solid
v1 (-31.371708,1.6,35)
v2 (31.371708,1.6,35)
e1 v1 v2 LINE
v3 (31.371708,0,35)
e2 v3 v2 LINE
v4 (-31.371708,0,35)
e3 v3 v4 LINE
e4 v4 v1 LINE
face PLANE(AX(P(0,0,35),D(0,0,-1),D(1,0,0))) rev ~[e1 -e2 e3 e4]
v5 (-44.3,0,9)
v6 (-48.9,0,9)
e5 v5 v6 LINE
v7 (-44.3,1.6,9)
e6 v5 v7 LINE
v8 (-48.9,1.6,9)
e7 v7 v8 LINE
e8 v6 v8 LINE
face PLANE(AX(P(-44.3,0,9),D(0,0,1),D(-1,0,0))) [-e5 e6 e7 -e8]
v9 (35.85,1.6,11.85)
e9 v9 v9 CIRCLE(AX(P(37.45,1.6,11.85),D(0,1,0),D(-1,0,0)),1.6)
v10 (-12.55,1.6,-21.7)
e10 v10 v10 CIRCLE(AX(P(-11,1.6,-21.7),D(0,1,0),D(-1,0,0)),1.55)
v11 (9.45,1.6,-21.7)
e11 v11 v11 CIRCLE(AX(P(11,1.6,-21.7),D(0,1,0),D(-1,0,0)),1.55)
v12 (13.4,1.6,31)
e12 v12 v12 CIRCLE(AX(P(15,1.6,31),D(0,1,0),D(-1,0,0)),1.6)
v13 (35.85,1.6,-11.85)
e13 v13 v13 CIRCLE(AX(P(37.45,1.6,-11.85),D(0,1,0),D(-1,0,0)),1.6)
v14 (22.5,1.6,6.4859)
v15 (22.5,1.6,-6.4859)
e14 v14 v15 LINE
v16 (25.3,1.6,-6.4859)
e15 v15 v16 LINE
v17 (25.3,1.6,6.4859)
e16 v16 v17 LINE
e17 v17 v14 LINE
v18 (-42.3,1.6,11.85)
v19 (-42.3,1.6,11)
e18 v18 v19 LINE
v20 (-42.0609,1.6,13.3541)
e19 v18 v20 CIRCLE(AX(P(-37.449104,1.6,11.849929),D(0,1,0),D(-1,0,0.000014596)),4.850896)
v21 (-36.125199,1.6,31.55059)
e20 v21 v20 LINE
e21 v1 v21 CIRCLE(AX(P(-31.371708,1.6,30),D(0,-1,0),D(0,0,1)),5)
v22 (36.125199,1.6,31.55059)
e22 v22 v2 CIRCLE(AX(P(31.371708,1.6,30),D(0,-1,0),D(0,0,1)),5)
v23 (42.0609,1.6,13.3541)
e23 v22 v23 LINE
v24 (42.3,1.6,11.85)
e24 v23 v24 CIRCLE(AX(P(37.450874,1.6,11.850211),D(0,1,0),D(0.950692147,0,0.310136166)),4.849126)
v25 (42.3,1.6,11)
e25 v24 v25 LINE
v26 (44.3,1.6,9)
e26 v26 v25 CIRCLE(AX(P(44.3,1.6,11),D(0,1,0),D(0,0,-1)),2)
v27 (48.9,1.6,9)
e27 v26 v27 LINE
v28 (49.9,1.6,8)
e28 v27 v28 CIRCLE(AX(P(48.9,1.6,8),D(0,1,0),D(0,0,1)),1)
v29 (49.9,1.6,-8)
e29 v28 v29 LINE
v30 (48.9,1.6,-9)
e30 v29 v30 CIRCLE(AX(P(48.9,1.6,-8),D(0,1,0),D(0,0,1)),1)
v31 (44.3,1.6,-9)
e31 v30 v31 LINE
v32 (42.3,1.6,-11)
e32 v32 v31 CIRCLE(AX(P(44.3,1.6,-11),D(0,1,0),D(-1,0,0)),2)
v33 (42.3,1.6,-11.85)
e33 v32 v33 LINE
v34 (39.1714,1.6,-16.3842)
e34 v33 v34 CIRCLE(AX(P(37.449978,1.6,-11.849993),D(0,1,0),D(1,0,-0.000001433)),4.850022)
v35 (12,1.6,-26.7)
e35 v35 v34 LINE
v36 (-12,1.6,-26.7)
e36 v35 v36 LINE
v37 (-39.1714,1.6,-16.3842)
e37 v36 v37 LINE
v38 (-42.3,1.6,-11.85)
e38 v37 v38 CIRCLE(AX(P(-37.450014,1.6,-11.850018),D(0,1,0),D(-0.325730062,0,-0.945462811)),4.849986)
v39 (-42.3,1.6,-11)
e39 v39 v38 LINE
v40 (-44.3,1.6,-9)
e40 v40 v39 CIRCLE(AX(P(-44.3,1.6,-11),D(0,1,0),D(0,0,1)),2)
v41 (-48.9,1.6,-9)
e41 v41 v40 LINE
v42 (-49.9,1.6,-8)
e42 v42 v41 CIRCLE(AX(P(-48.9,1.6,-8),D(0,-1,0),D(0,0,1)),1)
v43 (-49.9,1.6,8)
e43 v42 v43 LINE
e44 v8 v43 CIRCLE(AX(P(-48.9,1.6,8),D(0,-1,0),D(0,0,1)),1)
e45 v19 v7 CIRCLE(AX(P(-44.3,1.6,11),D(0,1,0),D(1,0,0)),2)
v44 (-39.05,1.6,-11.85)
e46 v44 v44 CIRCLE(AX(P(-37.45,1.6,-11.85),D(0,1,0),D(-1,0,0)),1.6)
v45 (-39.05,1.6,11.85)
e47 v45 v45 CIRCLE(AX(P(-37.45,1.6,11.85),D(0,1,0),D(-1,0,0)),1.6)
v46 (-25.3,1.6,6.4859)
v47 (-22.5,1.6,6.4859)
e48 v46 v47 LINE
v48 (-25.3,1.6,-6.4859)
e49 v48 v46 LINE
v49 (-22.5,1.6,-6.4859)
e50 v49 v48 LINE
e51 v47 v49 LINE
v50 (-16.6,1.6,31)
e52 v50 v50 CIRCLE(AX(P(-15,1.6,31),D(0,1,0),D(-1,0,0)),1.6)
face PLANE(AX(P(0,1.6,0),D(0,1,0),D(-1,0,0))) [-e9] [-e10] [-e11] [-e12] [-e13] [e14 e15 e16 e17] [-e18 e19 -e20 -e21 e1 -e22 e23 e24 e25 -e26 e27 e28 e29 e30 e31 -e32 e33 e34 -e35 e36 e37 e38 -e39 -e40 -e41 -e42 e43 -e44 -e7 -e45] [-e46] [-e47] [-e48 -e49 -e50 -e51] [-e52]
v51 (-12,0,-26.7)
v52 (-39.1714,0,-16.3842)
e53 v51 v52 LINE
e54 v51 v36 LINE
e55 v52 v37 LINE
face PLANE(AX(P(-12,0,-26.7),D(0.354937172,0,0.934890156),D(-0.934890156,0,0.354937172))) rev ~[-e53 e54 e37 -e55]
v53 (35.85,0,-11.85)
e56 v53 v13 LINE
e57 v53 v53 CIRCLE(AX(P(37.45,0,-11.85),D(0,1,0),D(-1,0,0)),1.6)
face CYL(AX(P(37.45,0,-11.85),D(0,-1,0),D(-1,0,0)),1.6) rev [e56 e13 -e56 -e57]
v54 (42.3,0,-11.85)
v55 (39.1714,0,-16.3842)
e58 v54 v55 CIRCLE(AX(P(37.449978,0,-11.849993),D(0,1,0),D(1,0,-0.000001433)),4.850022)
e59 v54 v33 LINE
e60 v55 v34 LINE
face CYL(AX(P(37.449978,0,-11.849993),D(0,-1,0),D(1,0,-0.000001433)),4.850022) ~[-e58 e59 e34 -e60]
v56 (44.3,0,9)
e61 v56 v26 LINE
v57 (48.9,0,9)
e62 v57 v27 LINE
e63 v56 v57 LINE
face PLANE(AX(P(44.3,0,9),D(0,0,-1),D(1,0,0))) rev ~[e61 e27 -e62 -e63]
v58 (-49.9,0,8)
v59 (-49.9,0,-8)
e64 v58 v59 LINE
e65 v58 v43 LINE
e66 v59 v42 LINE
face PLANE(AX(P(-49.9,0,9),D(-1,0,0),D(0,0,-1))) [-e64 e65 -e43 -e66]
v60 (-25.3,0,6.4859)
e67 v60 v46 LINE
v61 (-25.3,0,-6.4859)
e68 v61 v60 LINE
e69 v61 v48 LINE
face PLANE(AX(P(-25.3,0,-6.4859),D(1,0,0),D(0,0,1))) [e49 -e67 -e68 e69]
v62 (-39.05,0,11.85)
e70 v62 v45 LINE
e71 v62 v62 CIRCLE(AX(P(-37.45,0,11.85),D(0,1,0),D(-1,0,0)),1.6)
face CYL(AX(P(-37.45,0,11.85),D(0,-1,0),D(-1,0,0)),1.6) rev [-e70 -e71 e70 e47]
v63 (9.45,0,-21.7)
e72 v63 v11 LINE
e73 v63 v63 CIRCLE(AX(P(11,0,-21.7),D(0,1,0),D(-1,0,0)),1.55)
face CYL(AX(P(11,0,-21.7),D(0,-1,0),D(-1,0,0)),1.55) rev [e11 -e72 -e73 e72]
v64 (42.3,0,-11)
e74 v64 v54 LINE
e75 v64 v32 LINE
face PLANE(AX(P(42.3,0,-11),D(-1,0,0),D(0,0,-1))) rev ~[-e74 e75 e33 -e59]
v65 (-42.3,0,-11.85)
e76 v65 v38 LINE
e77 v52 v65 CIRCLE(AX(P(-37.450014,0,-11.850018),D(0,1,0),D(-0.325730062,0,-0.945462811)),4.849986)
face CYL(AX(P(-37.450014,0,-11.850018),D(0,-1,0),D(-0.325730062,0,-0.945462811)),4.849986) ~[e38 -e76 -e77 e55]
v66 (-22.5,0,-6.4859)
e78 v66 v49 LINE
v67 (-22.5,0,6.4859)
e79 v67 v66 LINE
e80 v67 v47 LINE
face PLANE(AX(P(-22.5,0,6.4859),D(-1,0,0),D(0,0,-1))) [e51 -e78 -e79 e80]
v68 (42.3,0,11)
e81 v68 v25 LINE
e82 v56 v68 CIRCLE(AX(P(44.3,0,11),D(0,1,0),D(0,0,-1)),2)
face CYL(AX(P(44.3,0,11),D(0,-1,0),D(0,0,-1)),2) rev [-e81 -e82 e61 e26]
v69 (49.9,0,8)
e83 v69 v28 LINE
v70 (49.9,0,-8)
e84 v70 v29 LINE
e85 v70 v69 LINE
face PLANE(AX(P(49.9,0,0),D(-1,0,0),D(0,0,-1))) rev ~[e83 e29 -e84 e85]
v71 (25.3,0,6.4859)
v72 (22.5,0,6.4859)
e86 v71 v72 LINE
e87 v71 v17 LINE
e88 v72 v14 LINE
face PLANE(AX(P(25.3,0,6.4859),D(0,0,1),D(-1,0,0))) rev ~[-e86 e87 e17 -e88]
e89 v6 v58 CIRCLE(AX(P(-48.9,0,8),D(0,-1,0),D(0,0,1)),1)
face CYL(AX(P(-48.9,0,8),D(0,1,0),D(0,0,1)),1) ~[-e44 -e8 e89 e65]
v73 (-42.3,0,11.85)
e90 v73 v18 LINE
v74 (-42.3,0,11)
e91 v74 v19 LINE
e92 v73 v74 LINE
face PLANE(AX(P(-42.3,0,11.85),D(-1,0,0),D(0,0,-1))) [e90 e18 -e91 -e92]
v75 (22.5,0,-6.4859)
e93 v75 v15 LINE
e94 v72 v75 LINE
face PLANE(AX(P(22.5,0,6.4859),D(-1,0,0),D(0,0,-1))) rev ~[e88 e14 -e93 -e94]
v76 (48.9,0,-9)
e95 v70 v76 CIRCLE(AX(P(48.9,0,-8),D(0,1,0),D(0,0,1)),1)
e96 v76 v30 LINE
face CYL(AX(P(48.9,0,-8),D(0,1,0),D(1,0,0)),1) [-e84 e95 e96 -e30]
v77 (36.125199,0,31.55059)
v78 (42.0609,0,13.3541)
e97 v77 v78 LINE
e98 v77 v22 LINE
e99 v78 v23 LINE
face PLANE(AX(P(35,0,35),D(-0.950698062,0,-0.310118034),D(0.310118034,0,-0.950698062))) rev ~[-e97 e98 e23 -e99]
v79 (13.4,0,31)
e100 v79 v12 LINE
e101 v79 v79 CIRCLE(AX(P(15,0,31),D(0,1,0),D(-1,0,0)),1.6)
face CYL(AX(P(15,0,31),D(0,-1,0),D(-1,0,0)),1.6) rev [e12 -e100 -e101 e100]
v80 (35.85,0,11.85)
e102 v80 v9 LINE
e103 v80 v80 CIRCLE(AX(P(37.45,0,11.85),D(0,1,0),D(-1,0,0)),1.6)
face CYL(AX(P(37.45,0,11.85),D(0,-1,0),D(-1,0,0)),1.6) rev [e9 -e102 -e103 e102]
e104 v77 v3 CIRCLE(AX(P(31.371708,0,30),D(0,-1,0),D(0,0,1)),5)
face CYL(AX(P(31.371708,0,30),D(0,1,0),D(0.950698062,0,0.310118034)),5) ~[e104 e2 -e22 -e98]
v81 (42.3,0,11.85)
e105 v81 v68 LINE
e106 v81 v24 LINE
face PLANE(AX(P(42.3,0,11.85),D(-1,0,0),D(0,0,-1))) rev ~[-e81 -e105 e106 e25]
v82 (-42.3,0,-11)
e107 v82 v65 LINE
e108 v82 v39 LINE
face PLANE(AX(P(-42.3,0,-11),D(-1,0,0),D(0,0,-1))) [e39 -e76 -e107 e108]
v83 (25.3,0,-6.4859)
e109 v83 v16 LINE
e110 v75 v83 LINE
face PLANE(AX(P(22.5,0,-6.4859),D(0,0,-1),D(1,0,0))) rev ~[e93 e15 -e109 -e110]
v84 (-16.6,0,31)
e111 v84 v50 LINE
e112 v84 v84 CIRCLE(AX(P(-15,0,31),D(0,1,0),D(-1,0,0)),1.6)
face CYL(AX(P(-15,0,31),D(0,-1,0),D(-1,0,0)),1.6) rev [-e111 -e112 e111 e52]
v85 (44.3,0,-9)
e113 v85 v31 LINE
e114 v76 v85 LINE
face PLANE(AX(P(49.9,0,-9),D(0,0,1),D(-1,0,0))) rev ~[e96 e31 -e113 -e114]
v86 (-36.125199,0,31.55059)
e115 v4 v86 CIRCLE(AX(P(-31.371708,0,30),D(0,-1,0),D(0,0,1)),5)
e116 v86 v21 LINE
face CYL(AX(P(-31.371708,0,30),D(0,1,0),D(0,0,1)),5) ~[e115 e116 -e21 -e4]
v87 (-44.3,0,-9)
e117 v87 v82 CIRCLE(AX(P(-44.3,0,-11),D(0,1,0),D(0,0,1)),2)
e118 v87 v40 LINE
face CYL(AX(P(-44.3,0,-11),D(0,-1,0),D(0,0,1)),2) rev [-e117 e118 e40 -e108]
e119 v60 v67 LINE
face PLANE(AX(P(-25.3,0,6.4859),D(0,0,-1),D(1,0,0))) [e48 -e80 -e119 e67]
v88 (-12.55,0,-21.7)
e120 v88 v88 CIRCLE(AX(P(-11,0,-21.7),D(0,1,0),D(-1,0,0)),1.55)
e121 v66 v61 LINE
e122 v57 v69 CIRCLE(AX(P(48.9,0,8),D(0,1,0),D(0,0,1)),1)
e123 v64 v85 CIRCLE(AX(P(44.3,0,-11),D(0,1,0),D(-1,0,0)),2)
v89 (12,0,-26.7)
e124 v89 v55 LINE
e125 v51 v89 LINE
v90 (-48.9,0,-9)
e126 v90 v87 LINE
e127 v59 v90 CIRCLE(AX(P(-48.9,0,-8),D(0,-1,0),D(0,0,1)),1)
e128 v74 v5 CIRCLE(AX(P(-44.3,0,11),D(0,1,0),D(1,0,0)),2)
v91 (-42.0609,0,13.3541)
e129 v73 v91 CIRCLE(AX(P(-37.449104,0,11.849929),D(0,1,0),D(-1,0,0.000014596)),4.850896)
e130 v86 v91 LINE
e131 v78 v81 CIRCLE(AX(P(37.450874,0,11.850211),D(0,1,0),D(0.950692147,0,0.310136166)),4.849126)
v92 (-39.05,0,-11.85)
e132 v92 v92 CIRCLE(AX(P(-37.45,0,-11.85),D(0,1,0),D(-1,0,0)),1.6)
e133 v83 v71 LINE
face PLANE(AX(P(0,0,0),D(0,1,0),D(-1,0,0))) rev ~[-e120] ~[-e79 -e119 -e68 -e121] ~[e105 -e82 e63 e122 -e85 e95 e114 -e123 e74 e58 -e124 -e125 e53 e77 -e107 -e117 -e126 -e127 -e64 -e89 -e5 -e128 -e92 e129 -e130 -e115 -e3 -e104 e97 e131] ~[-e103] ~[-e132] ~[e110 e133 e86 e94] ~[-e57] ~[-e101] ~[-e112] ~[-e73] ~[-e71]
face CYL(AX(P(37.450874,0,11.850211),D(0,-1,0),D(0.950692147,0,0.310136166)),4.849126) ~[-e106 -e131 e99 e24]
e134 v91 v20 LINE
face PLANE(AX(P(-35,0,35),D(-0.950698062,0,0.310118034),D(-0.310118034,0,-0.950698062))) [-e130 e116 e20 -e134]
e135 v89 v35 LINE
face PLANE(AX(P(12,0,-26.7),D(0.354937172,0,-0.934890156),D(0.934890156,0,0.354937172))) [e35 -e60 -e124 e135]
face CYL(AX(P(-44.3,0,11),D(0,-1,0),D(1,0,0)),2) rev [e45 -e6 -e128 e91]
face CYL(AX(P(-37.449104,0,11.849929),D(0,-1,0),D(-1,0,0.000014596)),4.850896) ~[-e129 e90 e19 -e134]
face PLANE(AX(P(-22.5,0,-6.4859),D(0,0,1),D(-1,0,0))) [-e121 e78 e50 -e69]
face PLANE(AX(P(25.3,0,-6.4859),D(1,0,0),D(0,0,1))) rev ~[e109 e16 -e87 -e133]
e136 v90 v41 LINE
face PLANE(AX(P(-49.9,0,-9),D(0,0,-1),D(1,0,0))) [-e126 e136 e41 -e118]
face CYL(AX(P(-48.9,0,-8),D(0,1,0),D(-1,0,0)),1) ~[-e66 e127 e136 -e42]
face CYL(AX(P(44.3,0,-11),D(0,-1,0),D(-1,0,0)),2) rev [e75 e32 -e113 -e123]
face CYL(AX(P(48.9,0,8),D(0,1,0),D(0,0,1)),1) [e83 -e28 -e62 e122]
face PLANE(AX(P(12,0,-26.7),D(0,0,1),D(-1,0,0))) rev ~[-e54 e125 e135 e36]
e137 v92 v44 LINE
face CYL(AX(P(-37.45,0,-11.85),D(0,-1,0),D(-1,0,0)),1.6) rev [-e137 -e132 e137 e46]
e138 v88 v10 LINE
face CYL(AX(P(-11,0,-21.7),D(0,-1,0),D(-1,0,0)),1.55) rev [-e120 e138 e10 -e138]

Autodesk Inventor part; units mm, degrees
ref_plane "YZ Plane" through (0, 0, 0) normal (1, 0, 0) x (0, 1, 0)
ref_plane "XZ Plane" through (0, 0, 0) normal (0, 1, 0) x (-1, 0, 0)
ref_plane "XY Plane" through (0, 0, 0) normal (0, 0, 1) x (1, 0, 0)
sketch "Szkic1" plane through (0, 0, 0) normal (0, 1, 0) x (-1, 0, 0)
  circle A0 centre (-37.45, -11.85) radius 1.6
  circle A1 centre (-11, -21.7) radius 1.55
  circle A2 centre (-15, 31) radius 1.6
  line L0 (-25.3, 6.4859) -> (-22.5, 6.4859)
  line L1 (-22.5, 6.4859) -> (-22.5, -6.4859)
  line L2 (-22.5, -6.4859) -> (-25.3, -6.4859)
  line L3 (-25.3, -6.4859) -> (-25.3, 6.4859)
  line L4 (-42.3, 11.85) -> (-42.3, 11)
  arc A3 (-44.3, 9) -> (-42.3, 11) centre (-44.3, 11) ccw
  line L5 (-44.3, 9) -> (-49.9, 9)
  line L6 (-49.9, 9) -> (-49.9, -9)
  line L7 (-49.9, -9) -> (-44.3, -9)
  arc A4 (-42.3, -11) -> (-44.3, -9) centre (-44.3, -11) ccw
  line L8 (-42.3, -11) -> (-42.3, -11.85)
  arc A5 (-42.3, -11.85) -> (-39.0298, -16.4355) centre (-37.45, -11.85) ccw
  line L9 (-12, -26.7) -> (12, -26.7)
  line L10 (35, 35) -> (-35, 35)
  line L11 (0, -26.7) -> (0, 35)
  line L12 (-49.9, 0) -> (-32, 0)
  circle A6 centre (-37.45, 11.85) radius 1.6
  arc A7 (-42.0609, 13.3541) -> (-42.3, 11.85) centre (-37.45, 11.85) ccw
  line L13 (-35, 35) -> (-42.0609, 13.3541)
  line L14 (-12, -26.7) -> (-39.1714, -16.3842)
  arc A8 (42.3, 11) -> (44.3, 9) centre (44.3, 11) ccw
  line L15 (25.3, 6.4859) -> (22.5, 6.4859)
  line L16 (44.3, 9) -> (49.9, 9)
  line L17 (22.5, 6.4859) -> (22.5, -6.4859)
  line L18 (25.3, -6.4859) -> (25.3, 6.4859)
  line L19 (49.9, 9) -> (49.9, -9)
  line L20 (22.5, -6.4859) -> (25.3, -6.4859)
  line L21 (49.9, -9) -> (44.3, -9)
  arc A9 (44.3, -9) -> (42.3, -11) centre (44.3, -11) ccw
  line L22 (42.3, -11) -> (42.3, -11.85)
  circle A10 centre (37.45, -11.85) radius 1.6
  arc A11 (39.0298, -16.4355) -> (42.3, -11.85) centre (37.45, -11.85) ccw
  circle A12 centre (11, -21.7) radius 1.55
  line L23 (42.3, 11.85) -> (42.3, 11)
  circle A13 centre (15, 31) radius 1.6
  line L24 (49.9, 0) -> (32, 0)
  circle A14 centre (37.45, 11.85) radius 1.6
  arc A15 (42.3, 11.85) -> (42.0609, 13.3541) centre (37.45, 11.85) ccw
  line L25 (35, 35) -> (42.0609, 13.3541)
  line L26 (12, -26.7) -> (39.1714, -16.3842)
  point P0 (0, 0)
  point P1 (-22.5, 0)
  point P2 (-39.0298, 16.4355)
  point P3 (22.5, 0)
  point P4 (39.0298, 16.4355)
  dimension "d5" = 12.9718
  dimension "d6" = 2.8
  dimension "d8" = 22.5
  dimension "d9" = 24
  dimension "d12" = 24.6
  dimension "d13" = 5.6
  dimension "d14" = 5.6
  dimension "d17" = 2.85
  dimension "d18" = 20.2141
  dimension "d19" = 35
extrude "Wyciągnięcie proste1" add sketch "Szkic1" along normal blind 1.6
fillet "Zaokrąglenie1" radius 5 2 edges at (-35, 0.8, 35) (35, 0.8, 35)
fillet "Zaokrąglenie3" radius 1 4 edges at (-49.9, 0.8, -9) (-49.9, 0.8, 9) (49.9, 0.8, 9) (49.9, 0.8, -9)
sketch "Szkic4" plane through (0, 1.6, 0) normal (0, 1, 0) x (1, 0, 0)
  arc A0 (49.9, 8) -> (48.9, 9) centre (48.9, 8) ccw projected
  line L0 (48.9, 9) -> (44.3, 9) projected
  arc A1 (42.3, 11) -> (44.3, 9) centre (44.3, 11) ccw projected
  line L1 (42.3, 11) -> (42.3, 11.85) projected
  arc A2 (42.3, 11.85) -> (39.1714, 16.3842) centre (37.45, 11.85) ccw projected
  line L2 (39.1714, 16.3842) -> (12, 26.7) projected
  line L3 (12, 26.7) -> (-12, 26.7) projected
  line L4 (-12, 26.7) -> (-39.1714, 16.3842) projected
  arc A3 (-39.1714, 16.3842) -> (-42.3, 11.85) centre (-37.45, 11.85) ccw projected
  line L5 (-42.3, 11.85) -> (-42.3, 11) projected
  arc A4 (-44.3, 9) -> (-42.3, 11) centre (-44.3, 11) ccw projected
  line L6 (-44.3, 9) -> (-48.9, 9) projected
  arc A5 (-48.9, 9) -> (-49.9, 8) centre (-48.9, 8) ccw projected
  line L7 (-49.9, 8) -> (-49.9, -8) projected
  arc A6 (-49.9, -8) -> (-48.9, -9) centre (-48.9, -8) ccw projected
  line L8 (-48.9, -9) -> (-44.3, -9) projected
  arc A7 (-42.3, -11) -> (-44.3, -9) centre (-44.3, -11) ccw projected
  line L9 (-42.3, -11) -> (-42.3, -11.85) projected
  arc A8 (-42.3, -11.85) -> (-42.0609, -13.3541) centre (-37.45, -11.85) ccw projected
  line L10 (-42.0609, -13.3541) -> (-36.1252, -31.5506) projected
  arc A9 (-36.1252, -31.5506) -> (-31.3717, -35) centre (-31.3717, -30) ccw projected
  line L11 (-31.3717, -35) -> (31.3717, -35) projected
  arc A10 (31.3717, -35) -> (36.1252, -31.5506) centre (31.3717, -30) ccw projected
  line L12 (36.1252, -31.5506) -> (42.0609, -13.3541) projected
  arc A11 (42.0609, -13.3541) -> (42.3, -11.85) centre (37.45, -11.85) ccw projected
  line L13 (42.3, -11.85) -> (42.3, -11) projected
  arc A12 (44.3, -9) -> (42.3, -11) centre (44.3, -11) ccw projected
  line L14 (44.3, -9) -> (48.9, -9) projected
  arc A13 (48.9, -9) -> (49.9, -8) centre (48.9, -8) ccw projected
  line L15 (49.9, -8) -> (49.9, 8) projected
  line L16 (25.3, -6.4859) -> (22.5, -6.4859) projected
  line L17 (22.5, -6.4859) -> (22.5, 6.4859) projected
  line L18 (22.5, 6.4859) -> (25.3, 6.4859) projected
  line L19 (25.3, 6.4859) -> (25.3, -6.4859) projected
  circle A14 centre (37.45, 11.85) radius 1.6 projected
  circle A15 centre (11, 21.7) radius 1.55 projected
  circle A16 centre (37.45, -11.85) radius 1.6 projected
  circle A17 centre (15, -31) radius 1.6 projected
  circle A18 centre (-15, -31) radius 1.6 projected
  circle A19 centre (-37.45, 11.85) radius 1.6 projected
  circle A20 centre (-37.45, -11.85) radius 1.6 projected
  circle A21 centre (-11, 21.7) radius 1.55 projected
  line L20 (-25.3, -6.4859) -> (-25.3, 6.4859) projected
  line L21 (-25.3, 6.4859) -> (-22.5, 6.4859) projected
  line L22 (-22.5, 6.4859) -> (-22.5, -6.4859) projected
  line L23 (-22.5, -6.4859) -> (-25.3, -6.4859) projected
  point P0 (0, 0)
properties part number "plytka_glowna"
